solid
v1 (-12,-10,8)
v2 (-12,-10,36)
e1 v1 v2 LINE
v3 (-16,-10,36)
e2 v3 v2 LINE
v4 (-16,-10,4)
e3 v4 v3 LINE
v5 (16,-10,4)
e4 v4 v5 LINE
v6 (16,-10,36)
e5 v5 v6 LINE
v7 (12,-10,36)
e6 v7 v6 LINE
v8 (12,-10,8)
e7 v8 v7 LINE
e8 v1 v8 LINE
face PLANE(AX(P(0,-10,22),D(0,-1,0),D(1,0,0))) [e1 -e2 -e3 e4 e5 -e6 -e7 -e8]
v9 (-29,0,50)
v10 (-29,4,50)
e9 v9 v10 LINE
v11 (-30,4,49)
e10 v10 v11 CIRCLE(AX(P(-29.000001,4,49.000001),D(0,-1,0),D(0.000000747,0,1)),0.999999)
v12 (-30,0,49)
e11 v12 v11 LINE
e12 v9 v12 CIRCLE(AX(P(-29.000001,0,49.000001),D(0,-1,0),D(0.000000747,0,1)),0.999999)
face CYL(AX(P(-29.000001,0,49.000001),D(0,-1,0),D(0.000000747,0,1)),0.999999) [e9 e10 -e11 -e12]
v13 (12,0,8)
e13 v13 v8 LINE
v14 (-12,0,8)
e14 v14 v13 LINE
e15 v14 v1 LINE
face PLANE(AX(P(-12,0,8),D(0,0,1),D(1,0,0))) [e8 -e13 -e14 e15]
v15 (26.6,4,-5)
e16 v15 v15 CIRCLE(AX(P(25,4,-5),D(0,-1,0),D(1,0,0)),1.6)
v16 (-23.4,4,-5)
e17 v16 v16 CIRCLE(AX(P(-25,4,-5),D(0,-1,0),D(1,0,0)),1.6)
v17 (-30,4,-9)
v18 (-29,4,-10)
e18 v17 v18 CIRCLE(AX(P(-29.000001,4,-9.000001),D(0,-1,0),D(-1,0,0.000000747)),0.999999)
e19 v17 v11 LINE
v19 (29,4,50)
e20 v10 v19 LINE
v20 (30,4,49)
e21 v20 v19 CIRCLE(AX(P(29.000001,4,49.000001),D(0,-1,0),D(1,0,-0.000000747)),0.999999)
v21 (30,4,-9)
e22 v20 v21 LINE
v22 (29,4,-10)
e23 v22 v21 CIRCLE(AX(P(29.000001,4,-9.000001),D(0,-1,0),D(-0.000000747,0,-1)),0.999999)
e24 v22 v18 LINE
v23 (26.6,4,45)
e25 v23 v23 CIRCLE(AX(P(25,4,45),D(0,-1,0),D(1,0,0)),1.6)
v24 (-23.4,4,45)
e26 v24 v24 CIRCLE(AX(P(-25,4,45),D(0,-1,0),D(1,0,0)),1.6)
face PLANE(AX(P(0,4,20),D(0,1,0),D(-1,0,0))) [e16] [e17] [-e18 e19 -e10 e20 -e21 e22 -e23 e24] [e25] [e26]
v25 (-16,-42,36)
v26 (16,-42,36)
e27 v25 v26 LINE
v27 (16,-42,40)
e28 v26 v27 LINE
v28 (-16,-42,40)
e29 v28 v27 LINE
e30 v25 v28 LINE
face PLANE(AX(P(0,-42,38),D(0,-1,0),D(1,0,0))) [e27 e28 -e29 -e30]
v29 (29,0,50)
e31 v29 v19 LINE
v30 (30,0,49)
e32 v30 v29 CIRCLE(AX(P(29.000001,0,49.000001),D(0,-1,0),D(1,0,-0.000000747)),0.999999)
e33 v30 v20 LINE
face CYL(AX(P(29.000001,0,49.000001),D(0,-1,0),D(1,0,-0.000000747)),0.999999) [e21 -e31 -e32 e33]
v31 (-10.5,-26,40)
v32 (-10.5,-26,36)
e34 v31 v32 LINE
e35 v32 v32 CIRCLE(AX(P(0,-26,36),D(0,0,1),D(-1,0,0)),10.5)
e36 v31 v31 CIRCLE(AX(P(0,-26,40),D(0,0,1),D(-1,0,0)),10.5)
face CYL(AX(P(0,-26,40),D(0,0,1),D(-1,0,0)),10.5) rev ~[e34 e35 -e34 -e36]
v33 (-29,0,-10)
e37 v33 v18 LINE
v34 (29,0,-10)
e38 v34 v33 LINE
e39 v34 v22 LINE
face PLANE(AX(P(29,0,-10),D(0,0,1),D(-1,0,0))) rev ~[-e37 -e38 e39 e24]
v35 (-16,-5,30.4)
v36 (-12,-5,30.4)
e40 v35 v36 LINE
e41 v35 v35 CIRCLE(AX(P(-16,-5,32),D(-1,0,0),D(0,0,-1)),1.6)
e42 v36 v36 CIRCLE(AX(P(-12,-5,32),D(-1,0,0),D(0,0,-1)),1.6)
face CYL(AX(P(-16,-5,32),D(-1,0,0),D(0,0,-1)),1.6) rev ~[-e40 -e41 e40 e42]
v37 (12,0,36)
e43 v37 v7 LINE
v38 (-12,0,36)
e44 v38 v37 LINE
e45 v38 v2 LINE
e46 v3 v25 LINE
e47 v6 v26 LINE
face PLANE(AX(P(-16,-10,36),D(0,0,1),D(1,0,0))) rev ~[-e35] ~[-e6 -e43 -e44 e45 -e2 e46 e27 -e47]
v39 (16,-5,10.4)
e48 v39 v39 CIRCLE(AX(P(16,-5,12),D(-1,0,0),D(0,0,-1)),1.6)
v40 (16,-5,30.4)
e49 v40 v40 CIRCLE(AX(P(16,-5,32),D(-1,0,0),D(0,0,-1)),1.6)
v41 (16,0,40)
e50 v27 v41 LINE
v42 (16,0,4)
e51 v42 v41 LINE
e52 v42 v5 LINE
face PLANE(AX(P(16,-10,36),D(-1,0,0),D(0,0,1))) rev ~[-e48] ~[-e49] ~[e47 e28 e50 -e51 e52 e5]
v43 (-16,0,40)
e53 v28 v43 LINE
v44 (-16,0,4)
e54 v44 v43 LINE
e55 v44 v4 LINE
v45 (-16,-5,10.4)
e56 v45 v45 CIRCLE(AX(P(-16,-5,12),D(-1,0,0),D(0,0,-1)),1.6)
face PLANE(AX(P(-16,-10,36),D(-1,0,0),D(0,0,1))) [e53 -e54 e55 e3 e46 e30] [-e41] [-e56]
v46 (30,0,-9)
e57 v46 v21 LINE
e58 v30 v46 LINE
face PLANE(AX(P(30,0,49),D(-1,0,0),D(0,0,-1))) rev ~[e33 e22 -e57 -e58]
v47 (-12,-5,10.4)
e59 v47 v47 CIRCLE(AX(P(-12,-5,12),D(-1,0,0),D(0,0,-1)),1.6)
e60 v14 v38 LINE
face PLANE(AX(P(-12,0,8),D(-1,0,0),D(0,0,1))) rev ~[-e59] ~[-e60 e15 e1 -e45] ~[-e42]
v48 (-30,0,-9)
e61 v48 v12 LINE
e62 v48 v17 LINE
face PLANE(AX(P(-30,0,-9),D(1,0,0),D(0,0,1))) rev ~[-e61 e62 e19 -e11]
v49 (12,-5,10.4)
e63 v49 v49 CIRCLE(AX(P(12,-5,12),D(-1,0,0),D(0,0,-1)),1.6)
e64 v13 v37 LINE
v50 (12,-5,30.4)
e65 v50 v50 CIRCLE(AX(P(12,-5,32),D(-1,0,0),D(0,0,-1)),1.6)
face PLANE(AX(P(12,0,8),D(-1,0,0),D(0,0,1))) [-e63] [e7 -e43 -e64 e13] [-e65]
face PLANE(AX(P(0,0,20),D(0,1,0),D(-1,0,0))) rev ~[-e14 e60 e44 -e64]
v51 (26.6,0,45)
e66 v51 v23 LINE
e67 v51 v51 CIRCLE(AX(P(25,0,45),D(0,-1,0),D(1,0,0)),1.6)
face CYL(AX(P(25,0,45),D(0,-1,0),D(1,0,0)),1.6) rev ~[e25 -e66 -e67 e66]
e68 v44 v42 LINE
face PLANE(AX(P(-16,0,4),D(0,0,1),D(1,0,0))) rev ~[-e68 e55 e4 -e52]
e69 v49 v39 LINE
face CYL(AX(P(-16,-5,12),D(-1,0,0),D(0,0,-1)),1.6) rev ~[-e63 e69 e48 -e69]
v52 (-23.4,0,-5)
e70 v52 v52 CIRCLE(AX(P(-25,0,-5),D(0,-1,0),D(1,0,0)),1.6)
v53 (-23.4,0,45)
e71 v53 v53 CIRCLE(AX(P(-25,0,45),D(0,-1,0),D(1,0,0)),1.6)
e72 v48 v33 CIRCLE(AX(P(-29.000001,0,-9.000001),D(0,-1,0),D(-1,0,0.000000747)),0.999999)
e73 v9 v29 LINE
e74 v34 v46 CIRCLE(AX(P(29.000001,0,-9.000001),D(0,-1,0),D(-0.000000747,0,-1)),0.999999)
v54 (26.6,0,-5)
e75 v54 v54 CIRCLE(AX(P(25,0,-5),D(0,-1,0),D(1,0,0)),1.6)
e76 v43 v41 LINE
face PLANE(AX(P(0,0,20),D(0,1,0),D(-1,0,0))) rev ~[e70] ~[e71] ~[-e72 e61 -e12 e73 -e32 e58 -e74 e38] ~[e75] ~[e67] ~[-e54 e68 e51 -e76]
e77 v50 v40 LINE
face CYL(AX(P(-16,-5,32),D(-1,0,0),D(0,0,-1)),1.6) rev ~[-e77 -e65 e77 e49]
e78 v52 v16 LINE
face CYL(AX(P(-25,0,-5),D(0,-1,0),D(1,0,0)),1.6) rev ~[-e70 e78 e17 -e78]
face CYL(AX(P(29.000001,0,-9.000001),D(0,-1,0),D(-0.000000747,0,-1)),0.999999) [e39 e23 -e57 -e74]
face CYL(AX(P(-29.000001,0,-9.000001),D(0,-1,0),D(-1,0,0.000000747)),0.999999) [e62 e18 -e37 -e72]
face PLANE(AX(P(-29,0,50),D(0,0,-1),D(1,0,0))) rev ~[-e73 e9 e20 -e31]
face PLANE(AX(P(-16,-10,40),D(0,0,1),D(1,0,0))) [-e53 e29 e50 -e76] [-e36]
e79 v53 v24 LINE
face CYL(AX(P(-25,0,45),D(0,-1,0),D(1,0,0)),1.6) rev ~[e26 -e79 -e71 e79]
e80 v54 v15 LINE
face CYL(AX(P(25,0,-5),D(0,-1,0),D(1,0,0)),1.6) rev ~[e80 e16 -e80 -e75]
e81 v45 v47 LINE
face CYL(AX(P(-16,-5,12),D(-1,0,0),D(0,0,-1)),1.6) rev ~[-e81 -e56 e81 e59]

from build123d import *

# Parameters (mm, degrees)
SKETCH002_R     = 1.6
PAD002_DEPTH    = 4
SKETCH007_W     = 32
SKETCH007_H     = 36
SKETCH007_W_2   = 24
SKETCH007_H_2   = 28
PAD006_DEPTH    = 10
SKETCH008_R     = 1.6
POCKET_DEPTH    = 46.001
SKETCH020_W     = 32
SKETCH020_H     = 4
PAD015_DEPTH    = 32
SKETCH021_R     = 10.5
POCKET004_DEPTH = 5


with BuildPart() as part:
    # Sketch002 → Pad002 (new body)
    with BuildSketch(Plane.XZ):
        with BuildLine():
            Line((-29, 50), (29, 50))
            ThreePointArc((30, 49), (29.707107, 49.707107), (29, 50))
            Line((30, 49), (30, -9))
            ThreePointArc((29, -10), (29.707107, -9.707107), (30, -9))
            Line((29, -10), (-29, -10))
            ThreePointArc((-30, -9), (-29.707107, -9.707107), (-29, -10))
            Line((-30, -9), (-30, 49))
            ThreePointArc((-29, 50), (-29.707107, 49.707107), (-30, 49))
        make_face()
        with Locations((-25, -5)):
            Circle(SKETCH002_R, mode=Mode.SUBTRACT)
        with Locations((-25, 45)):
            Circle(SKETCH002_R, mode=Mode.SUBTRACT)
        with Locations((25, 45)):
            Circle(SKETCH002_R, mode=Mode.SUBTRACT)
        with Locations((25, -5)):
            Circle(SKETCH002_R, mode=Mode.SUBTRACT)
    extrude(amount=-PAD002_DEPTH)

    # Sketch007 (on Face13 of Pad002) → Pad006 (join)
    with BuildSketch(Plane.XZ):
        with Locations((0, 22)):
            Rectangle(SKETCH007_W, SKETCH007_H)
        with Locations((0, 22)):
            Rectangle(SKETCH007_W_2, SKETCH007_H_2, mode=Mode.SUBTRACT)
    extrude(amount=PAD006_DEPTH)

    # Sketch008 (on Face17 of Pad006) → Pocket (cut, through all)
    with BuildSketch(Plane(origin=(-16, 0, 0), x_dir=(0, 0, -1), z_dir=(-1, 0, 0))):
        with Locations((-32, 5)):
            Circle(SKETCH008_R)
        with Locations((-12, 5)):
            Circle(SKETCH008_R)
    extrude(amount=-POCKET_DEPTH, mode=Mode.SUBTRACT)

    # Sketch020 (on Face19 of Pocket) → Pad015 (join)
    with BuildSketch(Plane.XZ.offset(10)):
        with Locations((0, 38)):
            Rectangle(SKETCH020_W, SKETCH020_H)
    extrude(amount=PAD015_DEPTH)

    # Sketch021 (on Face19 of Pad015) → Pocket004 (cut)
    with BuildSketch(Plane(origin=(0, 0, 40), x_dir=(-1, 0, 0), z_dir=(0, 0, 1))):
        with Locations((0, 26)):
            Circle(SKETCH021_R)
    extrude(amount=-POCKET004_DEPTH, mode=Mode.SUBTRACT)


solid = part.part
